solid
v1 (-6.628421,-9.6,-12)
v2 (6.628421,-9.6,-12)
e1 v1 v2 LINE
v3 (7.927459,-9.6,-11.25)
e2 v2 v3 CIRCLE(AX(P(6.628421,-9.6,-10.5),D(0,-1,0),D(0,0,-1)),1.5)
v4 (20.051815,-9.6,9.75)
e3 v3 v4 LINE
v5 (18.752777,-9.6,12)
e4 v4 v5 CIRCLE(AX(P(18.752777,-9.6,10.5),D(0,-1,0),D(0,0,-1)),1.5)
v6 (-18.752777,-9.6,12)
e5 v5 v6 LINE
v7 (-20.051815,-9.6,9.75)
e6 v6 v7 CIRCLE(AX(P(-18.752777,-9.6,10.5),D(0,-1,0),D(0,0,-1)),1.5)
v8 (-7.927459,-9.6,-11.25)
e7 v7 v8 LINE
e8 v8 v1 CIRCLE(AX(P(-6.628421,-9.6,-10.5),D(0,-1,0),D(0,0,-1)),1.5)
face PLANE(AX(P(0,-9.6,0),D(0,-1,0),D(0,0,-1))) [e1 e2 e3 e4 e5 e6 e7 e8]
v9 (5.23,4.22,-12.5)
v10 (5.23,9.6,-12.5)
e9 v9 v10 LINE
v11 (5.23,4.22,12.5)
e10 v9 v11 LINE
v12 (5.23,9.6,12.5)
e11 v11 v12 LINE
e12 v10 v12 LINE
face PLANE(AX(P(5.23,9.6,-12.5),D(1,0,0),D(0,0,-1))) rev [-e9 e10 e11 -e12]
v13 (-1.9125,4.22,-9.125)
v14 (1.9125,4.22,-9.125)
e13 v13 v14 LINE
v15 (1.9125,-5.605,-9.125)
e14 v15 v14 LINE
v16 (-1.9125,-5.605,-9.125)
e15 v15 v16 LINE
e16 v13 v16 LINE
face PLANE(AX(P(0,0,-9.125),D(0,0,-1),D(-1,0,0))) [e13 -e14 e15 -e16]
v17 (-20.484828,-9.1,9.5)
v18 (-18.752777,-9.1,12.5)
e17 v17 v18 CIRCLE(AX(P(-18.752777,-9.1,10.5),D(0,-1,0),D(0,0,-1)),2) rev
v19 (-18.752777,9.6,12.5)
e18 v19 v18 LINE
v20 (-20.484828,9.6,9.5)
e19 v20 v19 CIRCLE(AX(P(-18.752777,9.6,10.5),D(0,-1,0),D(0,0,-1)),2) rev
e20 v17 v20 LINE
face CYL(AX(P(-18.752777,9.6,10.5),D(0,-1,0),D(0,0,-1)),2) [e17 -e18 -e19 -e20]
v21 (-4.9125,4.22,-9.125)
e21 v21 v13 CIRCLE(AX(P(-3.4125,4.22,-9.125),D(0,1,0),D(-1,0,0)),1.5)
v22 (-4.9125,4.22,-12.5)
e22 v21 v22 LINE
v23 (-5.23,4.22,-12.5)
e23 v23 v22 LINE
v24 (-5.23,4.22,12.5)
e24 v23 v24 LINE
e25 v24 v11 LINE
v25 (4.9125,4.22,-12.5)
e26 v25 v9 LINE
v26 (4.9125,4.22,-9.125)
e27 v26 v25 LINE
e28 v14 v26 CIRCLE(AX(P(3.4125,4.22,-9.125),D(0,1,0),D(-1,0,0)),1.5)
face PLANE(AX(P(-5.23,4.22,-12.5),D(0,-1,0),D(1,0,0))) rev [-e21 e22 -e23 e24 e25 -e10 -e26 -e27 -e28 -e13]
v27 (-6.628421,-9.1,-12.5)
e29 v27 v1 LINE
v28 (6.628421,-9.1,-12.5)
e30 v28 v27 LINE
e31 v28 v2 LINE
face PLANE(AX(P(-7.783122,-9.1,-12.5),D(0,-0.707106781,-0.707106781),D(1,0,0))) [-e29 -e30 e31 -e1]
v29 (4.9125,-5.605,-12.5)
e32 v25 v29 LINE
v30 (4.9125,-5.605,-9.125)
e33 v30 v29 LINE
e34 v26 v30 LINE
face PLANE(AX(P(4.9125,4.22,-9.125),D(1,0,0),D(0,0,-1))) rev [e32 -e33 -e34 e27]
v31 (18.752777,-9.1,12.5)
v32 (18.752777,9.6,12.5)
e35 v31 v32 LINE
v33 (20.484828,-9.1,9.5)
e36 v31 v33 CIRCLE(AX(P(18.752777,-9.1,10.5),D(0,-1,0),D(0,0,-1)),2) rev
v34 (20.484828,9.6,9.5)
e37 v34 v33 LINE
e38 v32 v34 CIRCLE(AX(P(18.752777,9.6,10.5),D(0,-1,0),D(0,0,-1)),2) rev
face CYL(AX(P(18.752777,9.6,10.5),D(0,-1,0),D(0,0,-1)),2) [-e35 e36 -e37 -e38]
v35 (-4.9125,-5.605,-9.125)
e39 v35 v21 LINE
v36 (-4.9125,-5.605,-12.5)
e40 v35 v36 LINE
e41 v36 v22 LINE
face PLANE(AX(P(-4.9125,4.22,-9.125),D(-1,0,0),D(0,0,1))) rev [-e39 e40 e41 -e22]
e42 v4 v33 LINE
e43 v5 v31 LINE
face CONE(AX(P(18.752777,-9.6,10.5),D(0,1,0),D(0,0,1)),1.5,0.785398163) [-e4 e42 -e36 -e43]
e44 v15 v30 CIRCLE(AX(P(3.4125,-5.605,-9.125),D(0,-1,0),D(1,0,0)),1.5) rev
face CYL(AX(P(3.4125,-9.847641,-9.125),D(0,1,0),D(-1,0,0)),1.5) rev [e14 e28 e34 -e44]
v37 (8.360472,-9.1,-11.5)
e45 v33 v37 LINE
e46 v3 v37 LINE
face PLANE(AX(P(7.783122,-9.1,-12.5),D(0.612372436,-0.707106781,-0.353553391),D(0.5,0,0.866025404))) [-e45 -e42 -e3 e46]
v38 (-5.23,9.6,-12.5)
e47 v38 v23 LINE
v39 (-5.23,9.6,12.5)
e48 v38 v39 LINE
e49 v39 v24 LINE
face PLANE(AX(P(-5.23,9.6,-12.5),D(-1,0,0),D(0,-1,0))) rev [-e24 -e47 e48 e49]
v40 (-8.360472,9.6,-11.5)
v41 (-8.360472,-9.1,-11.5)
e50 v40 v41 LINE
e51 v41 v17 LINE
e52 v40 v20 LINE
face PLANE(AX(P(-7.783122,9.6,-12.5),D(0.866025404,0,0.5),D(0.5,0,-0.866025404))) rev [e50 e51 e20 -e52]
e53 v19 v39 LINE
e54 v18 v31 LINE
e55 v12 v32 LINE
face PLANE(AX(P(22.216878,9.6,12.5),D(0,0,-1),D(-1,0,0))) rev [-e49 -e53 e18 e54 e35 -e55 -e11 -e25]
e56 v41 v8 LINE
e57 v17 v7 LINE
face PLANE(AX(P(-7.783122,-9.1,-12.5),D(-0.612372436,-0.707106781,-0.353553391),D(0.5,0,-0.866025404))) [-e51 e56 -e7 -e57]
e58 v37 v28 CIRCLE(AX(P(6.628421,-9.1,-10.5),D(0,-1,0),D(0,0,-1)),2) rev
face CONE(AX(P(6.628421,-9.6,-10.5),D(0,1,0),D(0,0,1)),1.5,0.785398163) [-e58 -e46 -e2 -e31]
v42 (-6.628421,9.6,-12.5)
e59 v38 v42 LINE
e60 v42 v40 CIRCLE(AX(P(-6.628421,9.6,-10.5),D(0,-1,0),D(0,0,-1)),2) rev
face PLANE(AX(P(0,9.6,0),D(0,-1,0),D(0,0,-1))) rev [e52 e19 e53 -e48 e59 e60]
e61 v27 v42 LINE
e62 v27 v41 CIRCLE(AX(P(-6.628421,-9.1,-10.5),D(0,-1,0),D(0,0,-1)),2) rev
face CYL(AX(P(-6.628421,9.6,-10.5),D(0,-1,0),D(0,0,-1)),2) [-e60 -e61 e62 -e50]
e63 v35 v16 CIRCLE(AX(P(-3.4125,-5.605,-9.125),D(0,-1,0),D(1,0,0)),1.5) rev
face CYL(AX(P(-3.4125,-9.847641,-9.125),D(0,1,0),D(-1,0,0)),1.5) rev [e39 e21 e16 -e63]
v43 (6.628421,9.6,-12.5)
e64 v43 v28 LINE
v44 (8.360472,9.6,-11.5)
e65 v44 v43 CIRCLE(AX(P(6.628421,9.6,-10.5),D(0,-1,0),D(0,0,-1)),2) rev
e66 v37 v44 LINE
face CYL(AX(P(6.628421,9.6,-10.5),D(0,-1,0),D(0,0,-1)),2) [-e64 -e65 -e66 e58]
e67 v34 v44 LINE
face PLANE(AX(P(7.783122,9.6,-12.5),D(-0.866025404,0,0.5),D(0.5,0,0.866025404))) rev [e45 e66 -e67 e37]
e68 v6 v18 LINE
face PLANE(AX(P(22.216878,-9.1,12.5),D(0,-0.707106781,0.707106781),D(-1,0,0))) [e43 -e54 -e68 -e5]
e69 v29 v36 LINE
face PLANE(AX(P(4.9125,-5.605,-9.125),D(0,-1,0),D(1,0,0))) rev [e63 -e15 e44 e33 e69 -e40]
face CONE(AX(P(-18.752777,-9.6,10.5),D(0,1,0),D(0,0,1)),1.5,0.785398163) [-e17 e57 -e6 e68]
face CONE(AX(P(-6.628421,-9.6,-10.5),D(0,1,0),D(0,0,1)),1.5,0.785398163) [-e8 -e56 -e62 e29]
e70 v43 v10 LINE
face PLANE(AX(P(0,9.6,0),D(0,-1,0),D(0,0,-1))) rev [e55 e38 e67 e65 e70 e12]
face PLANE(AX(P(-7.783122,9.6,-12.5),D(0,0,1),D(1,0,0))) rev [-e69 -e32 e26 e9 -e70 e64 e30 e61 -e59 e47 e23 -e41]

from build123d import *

# Parameters (mm, degrees)
BOSS_EXTRUDE1_DEPTH = 9.6
FILLET5_R           = 2
SKETCH7_W           = 10.46
SKETCH7_H           = 5.38
CUT_EXTRUDE6_DEPTH  = 34.879754173
SKETCH11_W          = 9.825
SKETCH11_H          = 9.825
CUT_EXTRUDE9_DEPTH  = 3.375
SKETCH12_R          = 1.5
CUT_EXTRUDE10_DEPTH = 9.825
CHAMFER1_SIZE       = 0.5


with BuildPart() as part:
    # Sketch1 → Boss-Extrude1 (new, symmetric)
    with BuildSketch(Plane(origin=(0, 0, 0), x_dir=(1, 0, 0), z_dir=(0, 1, 0))):
        Polygon((-14.297771125, -12.5), (14.297771125, -12.5), (22.216878365, -12.5), (7.783121635, 12.5), (-7.783121635, 12.5), (-22.216878365, -12.5), align=None)
    extrude(amount=BOSS_EXTRUDE1_DEPTH, both=True)

    # Fillet5
    fillet5_edges = [part.edges().sort_by_distance(p)[0] for p in [
        (-22.216878365, 0, 12.5),
        (-7.783121635, 0, -12.5),
        (7.783121635, 0, -12.5),
        (22.216878365, 0, 12.5),
    ]]
    fillet(fillet5_edges, radius=FILLET5_R)

    # Sketch7 → Cut-Extrude6 (cut, through all)
    with BuildSketch(Plane.XY.offset(12.5)):
        with Locations((0, 6.91)):
            Rectangle(SKETCH7_W, SKETCH7_H)
    extrude(amount=-CUT_EXTRUDE6_DEPTH, mode=Mode.SUBTRACT)

    # Sketch11 → Cut-Extrude9 (cut)
    with BuildSketch(Plane(origin=(0, 0, -12.5), x_dir=(-1, 0, 0), z_dir=(0, 0, -1))):
        with Locations((0, -0.6925)):
            Rectangle(SKETCH11_W, SKETCH11_H)
    extrude(amount=-CUT_EXTRUDE9_DEPTH, mode=Mode.SUBTRACT)

    # Sketch12 → Cut-Extrude10 (cut)
    with BuildSketch(Plane(origin=(0, 4.22, 0), x_dir=(1, 0, 0), z_dir=(0, 1, 0))):
        with Locations((3.4125, 9.125)):
            Circle(SKETCH12_R)
        with Locations((-3.4125, 9.125)):
            Circle(SKETCH12_R)
    extrude(amount=-CUT_EXTRUDE10_DEPTH, mode=Mode.SUBTRACT)

    # Chamfer1
    chamfer1_edges = [part.edges().sort_by_distance(p)[0] for p in [
        (-14.422649731, -9.6, -1),
        (0, -9.6, 12.5),
        (0, -9.6, -12.5),
        (14.422649731, -9.6, -1),
        (-20.484827557, -9.6, 11.5),
        (20.484827557, -9.6, 11.5),
        (7.628421097, -9.6, -12.232050808),
        (-7.628421097, -9.6, -12.232050808),
    ]]
    chamfer(chamfer1_edges, length=CHAMFER1_SIZE)


solid = part.part
